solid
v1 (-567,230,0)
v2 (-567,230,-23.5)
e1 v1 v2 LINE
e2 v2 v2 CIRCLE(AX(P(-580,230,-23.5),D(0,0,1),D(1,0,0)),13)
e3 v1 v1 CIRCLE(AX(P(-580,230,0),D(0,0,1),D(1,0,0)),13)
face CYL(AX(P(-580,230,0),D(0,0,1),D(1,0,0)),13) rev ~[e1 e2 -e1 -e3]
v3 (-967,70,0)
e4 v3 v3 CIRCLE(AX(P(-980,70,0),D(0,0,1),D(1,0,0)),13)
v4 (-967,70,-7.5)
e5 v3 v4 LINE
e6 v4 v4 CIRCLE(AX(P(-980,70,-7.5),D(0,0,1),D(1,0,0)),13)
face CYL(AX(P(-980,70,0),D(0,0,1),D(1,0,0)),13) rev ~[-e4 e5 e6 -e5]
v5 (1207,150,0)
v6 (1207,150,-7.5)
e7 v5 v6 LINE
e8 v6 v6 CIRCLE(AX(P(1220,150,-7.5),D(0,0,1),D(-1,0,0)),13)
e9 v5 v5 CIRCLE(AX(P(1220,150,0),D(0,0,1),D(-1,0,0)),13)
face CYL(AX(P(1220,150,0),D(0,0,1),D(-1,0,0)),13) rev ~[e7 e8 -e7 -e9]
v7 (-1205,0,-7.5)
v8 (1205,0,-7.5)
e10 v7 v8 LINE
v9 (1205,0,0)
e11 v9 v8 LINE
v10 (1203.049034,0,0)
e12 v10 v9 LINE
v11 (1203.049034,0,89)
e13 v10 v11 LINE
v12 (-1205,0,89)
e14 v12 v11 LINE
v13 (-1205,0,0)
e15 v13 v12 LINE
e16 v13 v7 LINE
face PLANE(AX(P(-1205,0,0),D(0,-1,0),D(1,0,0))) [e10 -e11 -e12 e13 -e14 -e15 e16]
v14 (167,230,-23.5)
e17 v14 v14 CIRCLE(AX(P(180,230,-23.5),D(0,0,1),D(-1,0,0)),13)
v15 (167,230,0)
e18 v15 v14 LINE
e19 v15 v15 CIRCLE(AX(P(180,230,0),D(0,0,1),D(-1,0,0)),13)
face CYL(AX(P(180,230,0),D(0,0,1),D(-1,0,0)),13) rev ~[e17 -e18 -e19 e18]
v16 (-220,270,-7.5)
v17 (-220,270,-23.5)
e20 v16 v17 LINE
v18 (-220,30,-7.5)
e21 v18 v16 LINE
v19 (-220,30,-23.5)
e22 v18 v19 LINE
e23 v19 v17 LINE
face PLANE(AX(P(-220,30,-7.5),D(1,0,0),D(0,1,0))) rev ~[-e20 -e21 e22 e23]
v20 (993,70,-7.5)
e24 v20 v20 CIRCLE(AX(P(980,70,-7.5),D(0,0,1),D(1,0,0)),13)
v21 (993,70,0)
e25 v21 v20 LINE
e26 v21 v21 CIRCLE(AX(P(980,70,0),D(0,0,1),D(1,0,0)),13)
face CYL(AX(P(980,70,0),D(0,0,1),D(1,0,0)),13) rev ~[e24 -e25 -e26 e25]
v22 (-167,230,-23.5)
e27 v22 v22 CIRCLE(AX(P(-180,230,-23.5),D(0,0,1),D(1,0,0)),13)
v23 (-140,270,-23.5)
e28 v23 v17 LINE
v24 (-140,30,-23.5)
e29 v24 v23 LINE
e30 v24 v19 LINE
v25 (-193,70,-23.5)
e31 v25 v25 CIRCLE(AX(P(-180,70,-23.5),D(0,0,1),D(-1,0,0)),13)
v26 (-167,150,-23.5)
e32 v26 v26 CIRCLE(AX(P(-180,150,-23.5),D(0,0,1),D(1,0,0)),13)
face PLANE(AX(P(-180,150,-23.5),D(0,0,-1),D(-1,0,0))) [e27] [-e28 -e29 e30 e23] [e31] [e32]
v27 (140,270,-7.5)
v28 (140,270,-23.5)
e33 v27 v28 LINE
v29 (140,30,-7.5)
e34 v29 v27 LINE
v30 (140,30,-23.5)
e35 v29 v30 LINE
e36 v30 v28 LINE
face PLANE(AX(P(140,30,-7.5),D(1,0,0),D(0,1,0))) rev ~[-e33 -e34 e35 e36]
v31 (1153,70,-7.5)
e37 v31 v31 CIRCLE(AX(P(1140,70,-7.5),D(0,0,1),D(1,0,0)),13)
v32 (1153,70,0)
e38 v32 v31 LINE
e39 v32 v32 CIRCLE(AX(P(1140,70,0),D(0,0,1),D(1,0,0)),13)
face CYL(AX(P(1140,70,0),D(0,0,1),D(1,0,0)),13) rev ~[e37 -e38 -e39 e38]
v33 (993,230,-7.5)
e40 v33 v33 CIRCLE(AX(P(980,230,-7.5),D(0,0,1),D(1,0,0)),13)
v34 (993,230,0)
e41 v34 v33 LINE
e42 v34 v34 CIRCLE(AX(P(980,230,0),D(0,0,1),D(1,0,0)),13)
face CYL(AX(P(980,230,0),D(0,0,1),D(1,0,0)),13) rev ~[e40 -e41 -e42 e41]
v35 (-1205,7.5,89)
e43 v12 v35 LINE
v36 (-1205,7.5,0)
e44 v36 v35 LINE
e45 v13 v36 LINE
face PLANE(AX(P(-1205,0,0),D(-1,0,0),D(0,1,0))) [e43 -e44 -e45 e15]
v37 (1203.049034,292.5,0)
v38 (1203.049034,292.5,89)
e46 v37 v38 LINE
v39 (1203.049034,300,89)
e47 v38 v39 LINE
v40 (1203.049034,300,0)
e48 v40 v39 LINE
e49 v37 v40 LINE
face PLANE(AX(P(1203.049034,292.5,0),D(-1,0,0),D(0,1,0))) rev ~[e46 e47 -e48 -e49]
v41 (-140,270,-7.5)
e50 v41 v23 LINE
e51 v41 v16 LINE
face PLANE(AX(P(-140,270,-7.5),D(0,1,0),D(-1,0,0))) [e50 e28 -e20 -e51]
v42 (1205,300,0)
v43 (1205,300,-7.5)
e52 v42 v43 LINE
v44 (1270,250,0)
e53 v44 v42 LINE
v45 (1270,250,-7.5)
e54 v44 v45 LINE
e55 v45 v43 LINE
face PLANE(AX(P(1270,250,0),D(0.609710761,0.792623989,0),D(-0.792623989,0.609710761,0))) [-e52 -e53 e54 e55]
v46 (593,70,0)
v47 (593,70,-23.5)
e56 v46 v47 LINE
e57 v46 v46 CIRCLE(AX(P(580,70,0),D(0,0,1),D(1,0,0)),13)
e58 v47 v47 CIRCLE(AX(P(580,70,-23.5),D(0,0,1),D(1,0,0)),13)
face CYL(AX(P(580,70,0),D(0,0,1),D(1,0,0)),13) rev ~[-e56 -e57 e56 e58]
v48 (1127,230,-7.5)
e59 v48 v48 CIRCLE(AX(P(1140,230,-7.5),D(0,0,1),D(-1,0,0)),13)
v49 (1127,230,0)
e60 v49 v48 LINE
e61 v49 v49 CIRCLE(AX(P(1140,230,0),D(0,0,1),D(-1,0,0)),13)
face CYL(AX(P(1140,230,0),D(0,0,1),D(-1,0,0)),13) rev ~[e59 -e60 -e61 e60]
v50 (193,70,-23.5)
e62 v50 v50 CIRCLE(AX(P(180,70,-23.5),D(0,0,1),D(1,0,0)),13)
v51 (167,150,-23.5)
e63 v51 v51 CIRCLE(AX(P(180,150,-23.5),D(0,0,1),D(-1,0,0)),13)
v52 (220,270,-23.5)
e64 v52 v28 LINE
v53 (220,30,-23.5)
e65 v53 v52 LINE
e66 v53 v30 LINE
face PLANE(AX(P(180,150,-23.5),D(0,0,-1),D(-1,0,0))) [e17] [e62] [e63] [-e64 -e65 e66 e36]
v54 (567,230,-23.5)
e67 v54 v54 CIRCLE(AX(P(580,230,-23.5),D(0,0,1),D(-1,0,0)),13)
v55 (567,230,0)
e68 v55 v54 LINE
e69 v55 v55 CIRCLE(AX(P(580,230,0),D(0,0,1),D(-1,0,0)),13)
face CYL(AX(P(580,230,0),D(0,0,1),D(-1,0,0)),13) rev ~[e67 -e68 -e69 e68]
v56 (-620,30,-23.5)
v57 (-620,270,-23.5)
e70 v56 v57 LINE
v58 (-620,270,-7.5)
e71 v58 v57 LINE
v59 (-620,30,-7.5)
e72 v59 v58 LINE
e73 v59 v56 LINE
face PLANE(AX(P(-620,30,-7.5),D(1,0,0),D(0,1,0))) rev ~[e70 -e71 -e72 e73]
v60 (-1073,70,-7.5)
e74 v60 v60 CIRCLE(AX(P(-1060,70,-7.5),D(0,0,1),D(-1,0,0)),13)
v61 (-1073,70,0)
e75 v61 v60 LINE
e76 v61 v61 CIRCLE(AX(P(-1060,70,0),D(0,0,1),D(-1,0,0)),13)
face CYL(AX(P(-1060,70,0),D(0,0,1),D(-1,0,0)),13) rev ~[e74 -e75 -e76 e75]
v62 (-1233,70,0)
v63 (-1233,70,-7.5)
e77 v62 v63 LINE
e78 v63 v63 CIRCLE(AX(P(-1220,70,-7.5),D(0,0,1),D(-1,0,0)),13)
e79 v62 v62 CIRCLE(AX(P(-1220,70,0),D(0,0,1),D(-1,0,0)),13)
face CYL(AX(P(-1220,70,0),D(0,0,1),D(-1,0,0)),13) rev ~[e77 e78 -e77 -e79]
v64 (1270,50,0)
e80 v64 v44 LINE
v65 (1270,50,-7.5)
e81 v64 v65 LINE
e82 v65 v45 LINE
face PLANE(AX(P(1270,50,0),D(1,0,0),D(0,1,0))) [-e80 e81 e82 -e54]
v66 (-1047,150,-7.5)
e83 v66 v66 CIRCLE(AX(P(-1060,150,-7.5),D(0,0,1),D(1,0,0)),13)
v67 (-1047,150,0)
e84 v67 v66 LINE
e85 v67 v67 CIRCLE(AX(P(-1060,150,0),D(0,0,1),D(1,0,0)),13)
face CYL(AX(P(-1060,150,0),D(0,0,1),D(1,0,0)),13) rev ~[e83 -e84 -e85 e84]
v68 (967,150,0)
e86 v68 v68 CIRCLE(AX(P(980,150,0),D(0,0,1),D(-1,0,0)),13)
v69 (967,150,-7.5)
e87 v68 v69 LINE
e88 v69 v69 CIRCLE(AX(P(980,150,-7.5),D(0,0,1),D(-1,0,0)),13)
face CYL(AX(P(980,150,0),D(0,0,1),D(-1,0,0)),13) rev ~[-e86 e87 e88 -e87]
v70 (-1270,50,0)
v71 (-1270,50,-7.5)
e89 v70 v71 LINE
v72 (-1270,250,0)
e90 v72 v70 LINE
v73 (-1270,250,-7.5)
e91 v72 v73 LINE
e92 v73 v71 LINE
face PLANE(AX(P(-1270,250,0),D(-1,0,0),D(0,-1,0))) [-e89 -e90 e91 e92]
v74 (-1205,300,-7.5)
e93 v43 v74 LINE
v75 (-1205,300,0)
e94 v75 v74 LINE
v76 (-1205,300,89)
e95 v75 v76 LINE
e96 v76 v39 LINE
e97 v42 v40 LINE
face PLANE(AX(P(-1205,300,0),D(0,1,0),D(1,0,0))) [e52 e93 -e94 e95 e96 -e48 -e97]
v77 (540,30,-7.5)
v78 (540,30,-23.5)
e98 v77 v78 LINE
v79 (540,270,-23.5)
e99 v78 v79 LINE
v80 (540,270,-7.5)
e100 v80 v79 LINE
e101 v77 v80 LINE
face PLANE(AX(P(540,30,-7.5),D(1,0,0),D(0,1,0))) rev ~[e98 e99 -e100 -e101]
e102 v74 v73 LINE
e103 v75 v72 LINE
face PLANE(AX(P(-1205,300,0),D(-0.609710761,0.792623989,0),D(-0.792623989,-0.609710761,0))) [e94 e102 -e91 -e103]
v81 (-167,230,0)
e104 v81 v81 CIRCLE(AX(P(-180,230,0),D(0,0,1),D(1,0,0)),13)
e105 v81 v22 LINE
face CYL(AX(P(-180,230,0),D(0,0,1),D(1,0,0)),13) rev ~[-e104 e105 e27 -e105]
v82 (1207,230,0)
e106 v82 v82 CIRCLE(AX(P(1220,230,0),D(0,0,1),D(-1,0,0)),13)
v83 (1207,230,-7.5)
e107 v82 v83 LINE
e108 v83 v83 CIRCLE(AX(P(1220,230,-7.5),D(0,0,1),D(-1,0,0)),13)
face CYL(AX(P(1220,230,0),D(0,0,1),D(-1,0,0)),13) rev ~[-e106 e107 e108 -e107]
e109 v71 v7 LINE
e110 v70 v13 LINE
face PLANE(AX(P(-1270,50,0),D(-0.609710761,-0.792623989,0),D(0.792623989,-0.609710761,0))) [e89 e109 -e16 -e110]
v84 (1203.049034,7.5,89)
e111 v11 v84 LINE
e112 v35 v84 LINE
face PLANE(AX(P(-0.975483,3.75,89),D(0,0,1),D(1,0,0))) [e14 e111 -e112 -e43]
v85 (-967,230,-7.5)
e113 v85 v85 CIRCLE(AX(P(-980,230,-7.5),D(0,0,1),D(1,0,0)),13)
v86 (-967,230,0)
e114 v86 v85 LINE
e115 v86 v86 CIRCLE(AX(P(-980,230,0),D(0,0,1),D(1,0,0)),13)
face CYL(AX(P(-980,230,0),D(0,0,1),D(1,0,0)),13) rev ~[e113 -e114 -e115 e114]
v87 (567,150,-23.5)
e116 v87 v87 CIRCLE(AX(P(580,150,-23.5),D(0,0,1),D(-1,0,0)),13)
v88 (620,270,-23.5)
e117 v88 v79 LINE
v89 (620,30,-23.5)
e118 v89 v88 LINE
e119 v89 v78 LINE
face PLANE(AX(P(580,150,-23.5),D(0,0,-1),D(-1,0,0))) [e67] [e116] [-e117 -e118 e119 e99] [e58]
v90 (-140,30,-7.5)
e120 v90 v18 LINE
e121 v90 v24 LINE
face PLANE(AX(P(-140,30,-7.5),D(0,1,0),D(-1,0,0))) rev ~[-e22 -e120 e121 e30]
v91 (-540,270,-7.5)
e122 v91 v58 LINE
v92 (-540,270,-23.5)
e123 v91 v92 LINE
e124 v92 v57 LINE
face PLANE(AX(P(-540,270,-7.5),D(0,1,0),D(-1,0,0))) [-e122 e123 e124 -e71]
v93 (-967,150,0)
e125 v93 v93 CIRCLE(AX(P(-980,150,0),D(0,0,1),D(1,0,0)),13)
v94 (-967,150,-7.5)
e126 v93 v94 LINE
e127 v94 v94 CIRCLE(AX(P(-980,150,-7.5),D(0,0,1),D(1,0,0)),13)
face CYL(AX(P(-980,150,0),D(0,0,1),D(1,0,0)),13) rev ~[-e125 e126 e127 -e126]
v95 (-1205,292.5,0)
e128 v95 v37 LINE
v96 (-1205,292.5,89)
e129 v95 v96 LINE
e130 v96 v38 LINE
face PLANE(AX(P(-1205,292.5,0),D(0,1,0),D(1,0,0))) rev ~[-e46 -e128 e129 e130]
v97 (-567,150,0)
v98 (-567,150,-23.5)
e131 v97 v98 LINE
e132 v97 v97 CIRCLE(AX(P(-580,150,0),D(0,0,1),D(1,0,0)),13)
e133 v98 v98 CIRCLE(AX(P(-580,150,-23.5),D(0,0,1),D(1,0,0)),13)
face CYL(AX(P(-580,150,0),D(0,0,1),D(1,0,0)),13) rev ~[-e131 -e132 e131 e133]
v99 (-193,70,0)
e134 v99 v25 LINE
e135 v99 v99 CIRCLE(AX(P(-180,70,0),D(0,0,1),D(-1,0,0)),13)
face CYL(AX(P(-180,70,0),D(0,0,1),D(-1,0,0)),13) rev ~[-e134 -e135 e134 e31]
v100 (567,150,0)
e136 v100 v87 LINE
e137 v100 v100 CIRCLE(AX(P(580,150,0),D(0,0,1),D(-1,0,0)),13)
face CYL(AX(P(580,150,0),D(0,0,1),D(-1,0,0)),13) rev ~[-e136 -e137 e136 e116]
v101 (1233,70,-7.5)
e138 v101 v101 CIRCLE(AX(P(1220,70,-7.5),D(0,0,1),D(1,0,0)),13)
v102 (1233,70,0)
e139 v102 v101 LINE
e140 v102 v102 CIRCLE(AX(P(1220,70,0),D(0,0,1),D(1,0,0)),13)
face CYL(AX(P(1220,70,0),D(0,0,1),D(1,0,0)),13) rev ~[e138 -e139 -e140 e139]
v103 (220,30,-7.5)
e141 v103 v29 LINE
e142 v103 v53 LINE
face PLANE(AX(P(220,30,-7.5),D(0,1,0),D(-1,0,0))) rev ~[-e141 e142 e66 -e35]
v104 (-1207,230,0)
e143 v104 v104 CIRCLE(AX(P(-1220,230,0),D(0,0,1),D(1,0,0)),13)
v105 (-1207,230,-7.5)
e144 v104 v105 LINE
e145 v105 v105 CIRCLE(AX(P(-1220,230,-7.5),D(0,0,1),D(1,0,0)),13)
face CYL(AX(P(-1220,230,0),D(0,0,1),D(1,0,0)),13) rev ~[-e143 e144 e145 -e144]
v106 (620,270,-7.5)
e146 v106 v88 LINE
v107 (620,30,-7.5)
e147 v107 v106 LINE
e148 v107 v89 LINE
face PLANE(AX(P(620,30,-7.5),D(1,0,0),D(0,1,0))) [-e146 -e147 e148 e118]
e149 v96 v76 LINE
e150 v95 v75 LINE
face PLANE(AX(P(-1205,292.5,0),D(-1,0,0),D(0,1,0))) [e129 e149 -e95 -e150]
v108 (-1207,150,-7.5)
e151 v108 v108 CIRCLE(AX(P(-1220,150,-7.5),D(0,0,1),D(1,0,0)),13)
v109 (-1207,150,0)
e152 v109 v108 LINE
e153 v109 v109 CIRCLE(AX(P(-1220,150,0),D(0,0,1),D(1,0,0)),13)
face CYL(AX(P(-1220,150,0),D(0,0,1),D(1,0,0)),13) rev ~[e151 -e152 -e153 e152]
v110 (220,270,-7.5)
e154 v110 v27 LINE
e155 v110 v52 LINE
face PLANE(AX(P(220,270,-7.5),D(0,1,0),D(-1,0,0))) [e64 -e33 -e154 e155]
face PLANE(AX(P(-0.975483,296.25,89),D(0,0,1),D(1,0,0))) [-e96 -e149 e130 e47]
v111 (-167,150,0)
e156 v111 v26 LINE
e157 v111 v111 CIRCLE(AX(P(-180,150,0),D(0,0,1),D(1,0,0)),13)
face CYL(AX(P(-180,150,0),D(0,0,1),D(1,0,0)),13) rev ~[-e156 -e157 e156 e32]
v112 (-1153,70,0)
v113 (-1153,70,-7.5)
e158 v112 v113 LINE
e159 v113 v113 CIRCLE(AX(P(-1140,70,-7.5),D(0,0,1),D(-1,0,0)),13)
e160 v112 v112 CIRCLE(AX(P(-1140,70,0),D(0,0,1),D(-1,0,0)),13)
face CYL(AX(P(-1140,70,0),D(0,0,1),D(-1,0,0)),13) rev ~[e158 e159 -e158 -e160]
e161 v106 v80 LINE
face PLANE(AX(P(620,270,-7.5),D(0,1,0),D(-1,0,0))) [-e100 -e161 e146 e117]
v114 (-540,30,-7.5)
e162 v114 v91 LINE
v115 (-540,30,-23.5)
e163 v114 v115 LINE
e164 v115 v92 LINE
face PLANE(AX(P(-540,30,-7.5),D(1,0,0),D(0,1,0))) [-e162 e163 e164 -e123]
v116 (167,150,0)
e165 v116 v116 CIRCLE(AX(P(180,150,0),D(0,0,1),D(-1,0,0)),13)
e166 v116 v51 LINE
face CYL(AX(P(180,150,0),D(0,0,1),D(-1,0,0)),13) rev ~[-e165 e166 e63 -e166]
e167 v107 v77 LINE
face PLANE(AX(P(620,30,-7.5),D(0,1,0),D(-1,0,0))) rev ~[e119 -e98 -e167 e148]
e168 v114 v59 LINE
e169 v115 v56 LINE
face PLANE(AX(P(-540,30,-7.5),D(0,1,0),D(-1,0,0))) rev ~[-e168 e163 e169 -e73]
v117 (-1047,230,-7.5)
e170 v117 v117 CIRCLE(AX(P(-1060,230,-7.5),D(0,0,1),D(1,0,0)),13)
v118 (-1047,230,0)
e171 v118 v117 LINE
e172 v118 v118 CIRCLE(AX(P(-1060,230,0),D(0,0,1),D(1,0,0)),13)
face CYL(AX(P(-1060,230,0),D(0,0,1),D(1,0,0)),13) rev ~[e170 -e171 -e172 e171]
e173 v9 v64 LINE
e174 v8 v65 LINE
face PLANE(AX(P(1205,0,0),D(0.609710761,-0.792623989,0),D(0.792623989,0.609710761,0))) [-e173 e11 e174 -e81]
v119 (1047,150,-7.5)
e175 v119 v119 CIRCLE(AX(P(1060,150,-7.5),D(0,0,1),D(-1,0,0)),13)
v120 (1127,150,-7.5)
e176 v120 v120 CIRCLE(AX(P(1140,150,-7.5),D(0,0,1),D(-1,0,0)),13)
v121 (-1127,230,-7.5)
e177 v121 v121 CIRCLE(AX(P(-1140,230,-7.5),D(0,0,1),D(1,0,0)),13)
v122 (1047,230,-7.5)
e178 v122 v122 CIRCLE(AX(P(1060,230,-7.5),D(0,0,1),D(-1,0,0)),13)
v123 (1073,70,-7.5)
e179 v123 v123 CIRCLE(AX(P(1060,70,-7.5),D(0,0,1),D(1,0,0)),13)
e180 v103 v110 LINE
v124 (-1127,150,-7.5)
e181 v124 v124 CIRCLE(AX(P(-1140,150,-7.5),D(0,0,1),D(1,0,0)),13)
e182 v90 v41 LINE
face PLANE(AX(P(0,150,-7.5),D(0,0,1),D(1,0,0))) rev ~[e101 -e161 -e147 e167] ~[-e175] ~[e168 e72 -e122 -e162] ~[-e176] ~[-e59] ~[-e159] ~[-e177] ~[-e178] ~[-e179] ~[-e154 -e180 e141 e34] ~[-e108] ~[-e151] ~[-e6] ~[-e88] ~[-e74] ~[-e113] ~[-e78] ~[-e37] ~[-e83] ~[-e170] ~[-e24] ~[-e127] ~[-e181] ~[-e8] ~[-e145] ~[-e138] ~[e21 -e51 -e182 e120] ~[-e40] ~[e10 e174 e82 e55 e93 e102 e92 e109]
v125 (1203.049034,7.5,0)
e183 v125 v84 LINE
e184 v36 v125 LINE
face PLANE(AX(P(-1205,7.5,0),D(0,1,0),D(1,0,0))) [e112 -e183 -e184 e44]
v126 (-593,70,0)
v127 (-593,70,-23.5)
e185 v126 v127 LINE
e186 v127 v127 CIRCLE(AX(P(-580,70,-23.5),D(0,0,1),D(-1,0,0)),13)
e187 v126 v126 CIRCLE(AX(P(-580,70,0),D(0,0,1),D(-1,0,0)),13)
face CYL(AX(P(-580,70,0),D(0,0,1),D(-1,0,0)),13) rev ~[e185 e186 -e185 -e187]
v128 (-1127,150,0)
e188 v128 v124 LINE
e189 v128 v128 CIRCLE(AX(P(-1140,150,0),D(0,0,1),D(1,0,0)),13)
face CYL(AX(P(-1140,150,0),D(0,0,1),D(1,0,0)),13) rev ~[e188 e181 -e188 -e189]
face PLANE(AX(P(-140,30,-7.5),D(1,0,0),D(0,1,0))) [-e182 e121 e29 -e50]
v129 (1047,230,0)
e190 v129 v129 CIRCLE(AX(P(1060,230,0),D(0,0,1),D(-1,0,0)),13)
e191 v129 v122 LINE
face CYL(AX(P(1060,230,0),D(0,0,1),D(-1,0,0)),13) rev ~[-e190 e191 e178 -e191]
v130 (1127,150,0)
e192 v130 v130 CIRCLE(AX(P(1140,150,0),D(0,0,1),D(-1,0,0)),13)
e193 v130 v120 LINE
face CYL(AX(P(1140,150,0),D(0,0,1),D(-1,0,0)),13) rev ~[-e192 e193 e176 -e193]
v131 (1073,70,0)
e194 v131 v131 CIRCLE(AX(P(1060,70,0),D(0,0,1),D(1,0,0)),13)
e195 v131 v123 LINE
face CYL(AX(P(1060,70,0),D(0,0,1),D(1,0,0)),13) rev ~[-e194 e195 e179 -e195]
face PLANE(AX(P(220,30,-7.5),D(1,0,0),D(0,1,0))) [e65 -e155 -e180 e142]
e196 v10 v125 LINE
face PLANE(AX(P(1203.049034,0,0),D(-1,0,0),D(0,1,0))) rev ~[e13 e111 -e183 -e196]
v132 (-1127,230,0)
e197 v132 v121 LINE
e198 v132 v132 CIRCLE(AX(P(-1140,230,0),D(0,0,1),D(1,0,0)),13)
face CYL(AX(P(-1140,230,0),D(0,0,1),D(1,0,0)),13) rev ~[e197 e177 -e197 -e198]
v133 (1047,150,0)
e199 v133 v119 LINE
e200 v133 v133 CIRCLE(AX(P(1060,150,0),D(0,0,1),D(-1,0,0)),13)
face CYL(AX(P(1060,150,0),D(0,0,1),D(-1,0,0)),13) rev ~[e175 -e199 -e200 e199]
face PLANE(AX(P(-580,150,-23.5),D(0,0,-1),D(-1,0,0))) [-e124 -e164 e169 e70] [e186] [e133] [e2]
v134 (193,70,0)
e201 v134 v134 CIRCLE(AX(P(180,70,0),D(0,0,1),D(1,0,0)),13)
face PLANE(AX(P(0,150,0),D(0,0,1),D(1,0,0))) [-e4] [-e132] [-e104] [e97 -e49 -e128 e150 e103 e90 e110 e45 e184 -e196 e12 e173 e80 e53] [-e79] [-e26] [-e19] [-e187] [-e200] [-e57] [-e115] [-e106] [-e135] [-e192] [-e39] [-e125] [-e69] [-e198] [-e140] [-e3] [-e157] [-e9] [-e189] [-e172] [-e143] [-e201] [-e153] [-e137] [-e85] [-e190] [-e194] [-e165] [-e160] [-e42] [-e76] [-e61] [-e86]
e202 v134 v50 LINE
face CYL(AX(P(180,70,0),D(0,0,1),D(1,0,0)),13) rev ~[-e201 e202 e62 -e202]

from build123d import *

# Parameters (mm, degrees)
SKETCH_1_R          = 13
EXTRUDE_727_DEPTH   = 7.5
SKETCH_2_W          = 2408.049034164
SKETCH_2_H          = 7.5
EXTRUDE_1_DEPTH     = 89
SKETCH_3_W          = 80
SKETCH_3_H          = 240
EXTRUDE_2_DEPTH     = 16
SKETCH_4_R          = 13
CUT_EXTRUDE_1_DEPTH = 1308.983562588


with BuildPart() as part:
    # 草图1 → Extrude 727 (new body)
    with BuildSketch(Plane.XY):
        Polygon((-1205, 0), (1205, 0), (1270, 50), (1270, 250), (1205, 300), (-1205, 300), (-1270, 250), (-1270, 50), align=None)
        with Locations((-1220, 230)):
            Circle(SKETCH_1_R, mode=Mode.SUBTRACT)
        with Locations((-1220, 150)):
            Circle(SKETCH_1_R, mode=Mode.SUBTRACT)
        with Locations((-1140, 230)):
            Circle(SKETCH_1_R, mode=Mode.SUBTRACT)
        with Locations((-1140, 150)):
            Circle(SKETCH_1_R, mode=Mode.SUBTRACT)
        with Locations((-1060, 230)):
            Circle(SKETCH_1_R, mode=Mode.SUBTRACT)
        with Locations((-1060, 150)):
            Circle(SKETCH_1_R, mode=Mode.SUBTRACT)
        with Locations((-980, 150)):
            Circle(SKETCH_1_R, mode=Mode.SUBTRACT)
        with Locations(Location((-1060, 70, 0), (0, 0, 180))):
            Circle(SKETCH_1_R, mode=Mode.SUBTRACT)
        with Locations(Location((-1140, 70, 0), (0, 0, 180))):
            Circle(SKETCH_1_R, mode=Mode.SUBTRACT)
        with Locations(Location((-1220, 70, 0), (0, 0, 180))):
            Circle(SKETCH_1_R, mode=Mode.SUBTRACT)
        with Locations((1220, 70)):
            Circle(SKETCH_1_R, mode=Mode.SUBTRACT)
        with Locations((1140, 70)):
            Circle(SKETCH_1_R, mode=Mode.SUBTRACT)
        with Locations((1060, 70)):
            Circle(SKETCH_1_R, mode=Mode.SUBTRACT)
        with Locations(Location((980, 150, 0), (0, 0, 180))):
            Circle(SKETCH_1_R, mode=Mode.SUBTRACT)
        with Locations(Location((1060, 150, 0), (0, 0, 180))):
            Circle(SKETCH_1_R, mode=Mode.SUBTRACT)
        with Locations(Location((1060, 230, 0), (0, 0, 180))):
            Circle(SKETCH_1_R, mode=Mode.SUBTRACT)
        with Locations(Location((1140, 150, 0), (0, 0, 180))):
            Circle(SKETCH_1_R, mode=Mode.SUBTRACT)
        with Locations(Location((1140, 230, 0), (0, 0, 180))):
            Circle(SKETCH_1_R, mode=Mode.SUBTRACT)
        with Locations(Location((1220, 150, 0), (0, 0, 180))):
            Circle(SKETCH_1_R, mode=Mode.SUBTRACT)
        with Locations(Location((1220, 230, 0), (0, 0, 180))):
            Circle(SKETCH_1_R, mode=Mode.SUBTRACT)
        with Locations((-980, 70)):
            Circle(SKETCH_1_R, mode=Mode.SUBTRACT)
        with Locations((-980, 230)):
            Circle(SKETCH_1_R, mode=Mode.SUBTRACT)
        with Locations((980, 70)):
            Circle(SKETCH_1_R, mode=Mode.SUBTRACT)
        with Locations((980, 230)):
            Circle(SKETCH_1_R, mode=Mode.SUBTRACT)
    extrude(amount=-EXTRUDE_727_DEPTH)

    # 草图2 → 凸台-拉伸1 (add)
    with BuildSketch(Plane.XY):
        with Locations((-0.975482918, 296.25)):
            Rectangle(SKETCH_2_W, SKETCH_2_H)
        with Locations((-0.975482918, 3.75)):
            Rectangle(SKETCH_2_W, SKETCH_2_H)
    extrude(amount=EXTRUDE_1_DEPTH)

    # 草图3 → 凸台-拉伸2 (add)
    with BuildSketch(Plane(origin=(0, 0, -7.5), x_dir=(-1, 0, 0), z_dir=(0, 0, -1))):
        with Locations((-580, 150)):
            Rectangle(SKETCH_3_W, SKETCH_3_H)
        with Locations((-180, 150)):
            Rectangle(SKETCH_3_W, SKETCH_3_H)
        with Locations((180, 150)):
            Rectangle(SKETCH_3_W, SKETCH_3_H)
        with Locations((580, 150)):
            Rectangle(SKETCH_3_W, SKETCH_3_H)
    extrude(amount=EXTRUDE_2_DEPTH)

    # 草图4 → 切除-拉伸1 (cut, through all)
    with BuildSketch(Plane.XY):
        with Locations((-580, 230)):
            Circle(SKETCH_4_R)
        with Locations((-580, 150)):
            Circle(SKETCH_4_R)
        with Locations((-180, 230)):
            Circle(SKETCH_4_R)
        with Locations((-180, 150)):
            Circle(SKETCH_4_R)
        with Locations(Location((-180, 70, 0), (0, 0, 180))):
            Circle(SKETCH_4_R)
        with Locations(Location((-580, 70, 0), (0, 0, 180))):
            Circle(SKETCH_4_R)
        with Locations((580, 70)):
            Circle(SKETCH_4_R)
        with Locations((180, 70)):
            Circle(SKETCH_4_R)
        with Locations(Location((180, 150, 0), (0, 0, 180))):
            Circle(SKETCH_4_R)
        with Locations(Location((180, 230, 0), (0, 0, 180))):
            Circle(SKETCH_4_R)
        with Locations(Location((580, 150, 0), (0, 0, 180))):
            Circle(SKETCH_4_R)
        with Locations(Location((580, 230, 0), (0, 0, 180))):
            Circle(SKETCH_4_R)
    extrude(amount=-CUT_EXTRUDE_1_DEPTH, mode=Mode.SUBTRACT)


solid = part.part
